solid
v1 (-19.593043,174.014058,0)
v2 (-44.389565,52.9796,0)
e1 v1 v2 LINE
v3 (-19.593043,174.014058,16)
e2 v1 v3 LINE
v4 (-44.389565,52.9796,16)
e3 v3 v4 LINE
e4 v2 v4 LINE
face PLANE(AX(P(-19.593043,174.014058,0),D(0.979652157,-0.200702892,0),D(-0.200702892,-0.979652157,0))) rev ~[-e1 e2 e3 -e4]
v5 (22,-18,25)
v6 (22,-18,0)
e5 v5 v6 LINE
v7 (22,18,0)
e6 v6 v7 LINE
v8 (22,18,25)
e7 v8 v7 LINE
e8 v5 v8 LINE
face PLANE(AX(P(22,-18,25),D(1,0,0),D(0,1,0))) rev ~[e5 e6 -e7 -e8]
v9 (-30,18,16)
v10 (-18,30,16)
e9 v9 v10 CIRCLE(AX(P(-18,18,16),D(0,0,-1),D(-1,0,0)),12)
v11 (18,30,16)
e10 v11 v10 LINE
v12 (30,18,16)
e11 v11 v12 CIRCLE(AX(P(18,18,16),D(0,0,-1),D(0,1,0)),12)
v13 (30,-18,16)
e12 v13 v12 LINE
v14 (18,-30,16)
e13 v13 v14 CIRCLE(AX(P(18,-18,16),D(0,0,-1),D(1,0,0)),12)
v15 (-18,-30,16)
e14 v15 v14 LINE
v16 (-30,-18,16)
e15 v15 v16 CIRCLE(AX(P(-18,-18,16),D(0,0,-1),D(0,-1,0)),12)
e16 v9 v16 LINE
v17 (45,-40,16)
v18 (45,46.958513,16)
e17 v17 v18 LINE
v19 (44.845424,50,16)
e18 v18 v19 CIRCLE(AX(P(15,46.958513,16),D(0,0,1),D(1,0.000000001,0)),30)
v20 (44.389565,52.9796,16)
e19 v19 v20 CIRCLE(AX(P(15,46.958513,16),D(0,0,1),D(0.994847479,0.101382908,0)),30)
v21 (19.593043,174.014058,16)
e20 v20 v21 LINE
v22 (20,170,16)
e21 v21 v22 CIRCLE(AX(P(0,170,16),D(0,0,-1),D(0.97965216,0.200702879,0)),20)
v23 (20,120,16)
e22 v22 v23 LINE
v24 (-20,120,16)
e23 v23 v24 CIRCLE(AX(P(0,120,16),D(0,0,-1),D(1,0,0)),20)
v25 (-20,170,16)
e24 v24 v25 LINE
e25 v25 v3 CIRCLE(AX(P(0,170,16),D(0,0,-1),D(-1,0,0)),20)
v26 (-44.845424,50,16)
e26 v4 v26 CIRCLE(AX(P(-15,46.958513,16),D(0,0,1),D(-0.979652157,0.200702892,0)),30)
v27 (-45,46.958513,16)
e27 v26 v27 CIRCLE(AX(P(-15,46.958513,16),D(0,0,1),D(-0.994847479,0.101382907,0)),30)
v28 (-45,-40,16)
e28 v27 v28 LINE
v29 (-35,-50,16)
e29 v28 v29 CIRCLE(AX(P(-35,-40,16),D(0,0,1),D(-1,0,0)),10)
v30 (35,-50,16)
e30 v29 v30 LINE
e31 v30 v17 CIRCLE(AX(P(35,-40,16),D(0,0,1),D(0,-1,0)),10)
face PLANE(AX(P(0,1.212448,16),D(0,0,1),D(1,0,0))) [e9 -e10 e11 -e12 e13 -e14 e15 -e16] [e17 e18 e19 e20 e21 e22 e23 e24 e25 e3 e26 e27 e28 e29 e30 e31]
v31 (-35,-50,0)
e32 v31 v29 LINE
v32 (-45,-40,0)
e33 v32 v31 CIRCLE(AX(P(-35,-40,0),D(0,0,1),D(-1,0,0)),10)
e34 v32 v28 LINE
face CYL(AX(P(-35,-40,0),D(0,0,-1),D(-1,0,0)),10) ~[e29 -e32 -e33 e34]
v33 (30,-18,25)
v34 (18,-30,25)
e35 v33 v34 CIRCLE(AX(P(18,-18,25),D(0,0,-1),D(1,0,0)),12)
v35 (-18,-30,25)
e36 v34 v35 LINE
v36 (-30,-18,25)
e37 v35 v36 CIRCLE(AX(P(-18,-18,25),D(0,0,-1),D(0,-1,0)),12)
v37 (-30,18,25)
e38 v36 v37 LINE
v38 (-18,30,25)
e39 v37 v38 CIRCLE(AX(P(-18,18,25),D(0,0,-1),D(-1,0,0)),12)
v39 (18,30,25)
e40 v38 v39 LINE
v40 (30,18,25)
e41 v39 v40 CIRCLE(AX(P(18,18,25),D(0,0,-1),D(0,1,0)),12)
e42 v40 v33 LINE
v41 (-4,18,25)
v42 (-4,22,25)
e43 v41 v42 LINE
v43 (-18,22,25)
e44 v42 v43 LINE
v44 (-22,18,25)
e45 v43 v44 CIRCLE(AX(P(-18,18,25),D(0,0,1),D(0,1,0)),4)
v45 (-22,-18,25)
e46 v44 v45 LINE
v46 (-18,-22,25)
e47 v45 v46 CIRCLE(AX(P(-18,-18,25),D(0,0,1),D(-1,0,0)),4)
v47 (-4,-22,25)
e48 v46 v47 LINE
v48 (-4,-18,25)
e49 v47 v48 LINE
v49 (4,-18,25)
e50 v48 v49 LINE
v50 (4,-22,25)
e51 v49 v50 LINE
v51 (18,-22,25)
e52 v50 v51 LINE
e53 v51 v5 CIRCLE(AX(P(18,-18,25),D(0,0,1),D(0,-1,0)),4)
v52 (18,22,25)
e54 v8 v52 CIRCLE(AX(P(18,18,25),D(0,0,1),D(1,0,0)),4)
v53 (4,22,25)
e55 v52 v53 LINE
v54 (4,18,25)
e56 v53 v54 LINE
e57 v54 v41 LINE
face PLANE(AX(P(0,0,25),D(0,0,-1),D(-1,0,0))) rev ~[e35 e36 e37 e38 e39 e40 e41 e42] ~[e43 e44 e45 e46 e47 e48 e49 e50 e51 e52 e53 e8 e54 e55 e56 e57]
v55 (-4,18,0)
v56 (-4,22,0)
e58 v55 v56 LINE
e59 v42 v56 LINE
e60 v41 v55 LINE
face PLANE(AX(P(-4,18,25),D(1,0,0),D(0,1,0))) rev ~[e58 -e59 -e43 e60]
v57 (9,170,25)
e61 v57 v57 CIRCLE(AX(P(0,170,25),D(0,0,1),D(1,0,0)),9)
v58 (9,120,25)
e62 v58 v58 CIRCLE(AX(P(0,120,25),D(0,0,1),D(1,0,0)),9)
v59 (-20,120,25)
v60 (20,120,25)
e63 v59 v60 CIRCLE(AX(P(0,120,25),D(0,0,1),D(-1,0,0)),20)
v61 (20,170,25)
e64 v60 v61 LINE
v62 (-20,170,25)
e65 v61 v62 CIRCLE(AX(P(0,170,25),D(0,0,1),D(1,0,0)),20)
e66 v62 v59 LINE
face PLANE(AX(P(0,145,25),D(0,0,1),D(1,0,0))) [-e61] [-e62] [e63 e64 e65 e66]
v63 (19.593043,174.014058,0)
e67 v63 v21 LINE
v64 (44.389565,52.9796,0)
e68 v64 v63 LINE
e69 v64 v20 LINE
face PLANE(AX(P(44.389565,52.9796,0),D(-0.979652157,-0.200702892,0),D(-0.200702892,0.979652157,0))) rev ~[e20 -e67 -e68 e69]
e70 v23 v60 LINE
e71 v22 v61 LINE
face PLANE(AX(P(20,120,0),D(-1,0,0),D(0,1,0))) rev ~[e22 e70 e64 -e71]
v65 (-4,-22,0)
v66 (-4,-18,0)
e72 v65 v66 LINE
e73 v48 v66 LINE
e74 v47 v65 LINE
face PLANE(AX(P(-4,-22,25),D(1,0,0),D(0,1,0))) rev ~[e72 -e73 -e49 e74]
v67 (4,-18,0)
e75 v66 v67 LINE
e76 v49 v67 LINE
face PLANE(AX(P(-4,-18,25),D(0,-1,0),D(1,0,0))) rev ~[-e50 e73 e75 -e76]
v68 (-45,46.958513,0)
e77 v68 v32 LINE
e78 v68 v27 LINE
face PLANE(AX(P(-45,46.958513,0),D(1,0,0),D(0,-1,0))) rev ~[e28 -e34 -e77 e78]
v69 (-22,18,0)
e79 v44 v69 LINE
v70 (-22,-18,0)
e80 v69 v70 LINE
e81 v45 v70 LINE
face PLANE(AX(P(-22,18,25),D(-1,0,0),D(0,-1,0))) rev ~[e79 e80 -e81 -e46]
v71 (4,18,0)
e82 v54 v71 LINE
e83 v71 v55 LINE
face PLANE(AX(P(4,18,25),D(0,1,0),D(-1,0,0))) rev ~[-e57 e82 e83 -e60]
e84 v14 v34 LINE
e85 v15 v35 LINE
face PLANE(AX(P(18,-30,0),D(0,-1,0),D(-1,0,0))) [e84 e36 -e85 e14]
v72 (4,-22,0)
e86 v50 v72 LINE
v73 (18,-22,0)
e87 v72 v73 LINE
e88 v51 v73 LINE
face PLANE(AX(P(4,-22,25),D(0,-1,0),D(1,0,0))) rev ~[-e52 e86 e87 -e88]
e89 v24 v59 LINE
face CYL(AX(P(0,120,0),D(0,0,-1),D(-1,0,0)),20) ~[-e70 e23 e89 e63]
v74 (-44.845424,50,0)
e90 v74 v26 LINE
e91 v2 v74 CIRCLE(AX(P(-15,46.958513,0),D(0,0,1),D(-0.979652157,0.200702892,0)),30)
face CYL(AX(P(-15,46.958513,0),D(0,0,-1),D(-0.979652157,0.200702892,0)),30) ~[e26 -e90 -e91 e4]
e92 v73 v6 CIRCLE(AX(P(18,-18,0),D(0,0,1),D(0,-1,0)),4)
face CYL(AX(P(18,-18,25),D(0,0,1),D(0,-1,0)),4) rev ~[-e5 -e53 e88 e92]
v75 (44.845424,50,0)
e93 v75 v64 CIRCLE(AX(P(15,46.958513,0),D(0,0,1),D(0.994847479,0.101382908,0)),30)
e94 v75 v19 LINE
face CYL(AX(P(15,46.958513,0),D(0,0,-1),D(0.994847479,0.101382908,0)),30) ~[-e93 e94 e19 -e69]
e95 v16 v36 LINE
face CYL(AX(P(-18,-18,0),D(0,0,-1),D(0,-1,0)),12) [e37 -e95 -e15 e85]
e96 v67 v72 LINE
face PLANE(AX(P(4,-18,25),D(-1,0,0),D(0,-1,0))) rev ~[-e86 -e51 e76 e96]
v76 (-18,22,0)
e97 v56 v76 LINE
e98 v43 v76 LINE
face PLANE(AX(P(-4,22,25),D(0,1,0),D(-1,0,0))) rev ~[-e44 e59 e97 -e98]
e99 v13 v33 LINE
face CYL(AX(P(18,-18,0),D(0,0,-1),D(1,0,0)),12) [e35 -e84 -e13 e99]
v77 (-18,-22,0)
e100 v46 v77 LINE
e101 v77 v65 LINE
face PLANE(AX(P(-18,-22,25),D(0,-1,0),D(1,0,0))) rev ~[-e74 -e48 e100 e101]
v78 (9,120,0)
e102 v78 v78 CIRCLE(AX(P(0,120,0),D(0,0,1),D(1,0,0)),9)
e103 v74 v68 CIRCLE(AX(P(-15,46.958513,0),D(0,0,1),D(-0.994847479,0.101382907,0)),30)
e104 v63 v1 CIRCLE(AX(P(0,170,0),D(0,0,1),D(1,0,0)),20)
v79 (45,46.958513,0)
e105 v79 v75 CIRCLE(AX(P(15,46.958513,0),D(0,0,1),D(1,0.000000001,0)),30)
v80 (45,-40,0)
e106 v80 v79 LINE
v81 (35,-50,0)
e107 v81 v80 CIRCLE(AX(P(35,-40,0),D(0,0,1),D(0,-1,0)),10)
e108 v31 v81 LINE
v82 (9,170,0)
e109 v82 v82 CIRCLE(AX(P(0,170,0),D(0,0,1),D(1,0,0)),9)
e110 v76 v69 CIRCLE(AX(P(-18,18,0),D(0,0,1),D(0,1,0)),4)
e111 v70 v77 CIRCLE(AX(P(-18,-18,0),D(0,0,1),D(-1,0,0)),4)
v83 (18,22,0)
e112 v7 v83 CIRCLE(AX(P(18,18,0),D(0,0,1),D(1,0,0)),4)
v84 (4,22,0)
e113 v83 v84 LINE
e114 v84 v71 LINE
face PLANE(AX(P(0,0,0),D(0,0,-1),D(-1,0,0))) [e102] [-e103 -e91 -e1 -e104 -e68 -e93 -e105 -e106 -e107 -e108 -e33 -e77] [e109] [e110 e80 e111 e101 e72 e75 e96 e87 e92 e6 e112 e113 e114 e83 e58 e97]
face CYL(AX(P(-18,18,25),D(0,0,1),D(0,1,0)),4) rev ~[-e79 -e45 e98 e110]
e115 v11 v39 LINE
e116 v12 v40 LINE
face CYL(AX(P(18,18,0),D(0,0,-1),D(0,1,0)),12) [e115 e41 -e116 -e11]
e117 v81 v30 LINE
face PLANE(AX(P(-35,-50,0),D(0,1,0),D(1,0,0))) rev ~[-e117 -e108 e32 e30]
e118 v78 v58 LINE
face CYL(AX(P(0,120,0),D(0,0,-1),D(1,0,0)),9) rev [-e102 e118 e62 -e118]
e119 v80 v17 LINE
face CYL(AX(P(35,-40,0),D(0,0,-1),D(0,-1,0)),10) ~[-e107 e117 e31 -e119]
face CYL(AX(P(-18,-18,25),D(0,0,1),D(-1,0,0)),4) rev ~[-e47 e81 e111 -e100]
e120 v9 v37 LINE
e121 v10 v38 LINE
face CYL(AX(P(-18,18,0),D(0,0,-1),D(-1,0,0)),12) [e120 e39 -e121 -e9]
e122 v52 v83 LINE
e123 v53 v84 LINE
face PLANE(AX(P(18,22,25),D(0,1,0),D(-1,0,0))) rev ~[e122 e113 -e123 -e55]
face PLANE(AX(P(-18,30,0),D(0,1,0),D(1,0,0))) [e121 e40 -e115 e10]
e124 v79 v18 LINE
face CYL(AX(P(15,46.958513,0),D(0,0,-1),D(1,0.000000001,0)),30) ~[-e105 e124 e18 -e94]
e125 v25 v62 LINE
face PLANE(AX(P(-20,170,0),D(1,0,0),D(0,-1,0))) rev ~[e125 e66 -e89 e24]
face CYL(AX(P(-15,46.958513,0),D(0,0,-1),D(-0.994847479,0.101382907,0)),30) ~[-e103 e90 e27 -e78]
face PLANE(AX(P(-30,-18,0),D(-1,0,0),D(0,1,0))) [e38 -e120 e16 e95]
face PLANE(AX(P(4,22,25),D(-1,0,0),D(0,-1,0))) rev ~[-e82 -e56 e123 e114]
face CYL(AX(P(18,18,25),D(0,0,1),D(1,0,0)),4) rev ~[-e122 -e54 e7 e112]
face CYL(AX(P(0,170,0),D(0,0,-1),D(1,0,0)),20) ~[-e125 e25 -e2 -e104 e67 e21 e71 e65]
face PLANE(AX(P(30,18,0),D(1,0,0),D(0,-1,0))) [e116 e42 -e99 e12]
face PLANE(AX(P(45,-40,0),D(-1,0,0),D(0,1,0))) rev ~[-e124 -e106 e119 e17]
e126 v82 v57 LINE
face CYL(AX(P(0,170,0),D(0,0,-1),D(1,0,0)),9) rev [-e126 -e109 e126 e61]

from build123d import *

# Parameters (mm, degrees)
EXTRUDE_1_DEPTH     = 16
SKETCH_1_3_R        = 9
EXTRUDE_2_DEPTH     = 25
EXTRUDE_3_DEPTH     = 25
CUT_EXTRUDE_1_DEPTH = 25


with BuildPart() as part:
    # 草图1 → 凸台-拉伸1 (new body)
    with BuildSketch(Plane.XY):
        with BuildLine():
            Line((-35, -50), (35, -50))
            ThreePointArc((35, -50), (42.071067812, -47.071067812), (45, -40))
            Line((45, -40), (45, 46.958512764))
            ThreePointArc((45, 46.958512764), (44.847001034, 49.98448852), (44.389564715, 52.979599532))
            Line((44.389564715, 52.979599532), (19.593043195, 174.014057595))
            ThreePointArc((19.593043195, 174.014057595), (19.898000702, 172.017317043), (20, 170))
            Line((20, 170), (20, 120))
            ThreePointArc((20, 120), (0, 100), (-20, 120))
            Line((-20, 120), (-20, 170))
            ThreePointArc((-20, 170), (-19.898000688, 172.017317185), (-19.593043138, 174.014057873))
            Line((-19.593043138, 174.014057873), (-44.389564715, 52.979599532))
            ThreePointArc((-44.389564715, 52.979599532), (-44.847001034, 49.98448852), (-45, 46.958512764))
            Line((-45, 46.958512764), (-45, -40))
            ThreePointArc((-45, -40), (-42.071067812, -47.071067812), (-35, -50))
        make_face()
    extrude(amount=EXTRUDE_1_DEPTH)

    # 草图1<3> → 凸台-拉伸2 (add)
    with BuildSketch(Plane.XY):
        with BuildLine():
            ThreePointArc((20, 170), (19.898000702, 172.017317043), (19.593043195, 174.014057595))
            ThreePointArc((19.593043195, 174.014057595), (1.42e-07, 190), (-19.593043138, 174.014057873))
            ThreePointArc((-19.593043138, 174.014057873), (-19.898000688, 172.017317185), (-20, 170))
            Line((-20, 170), (-20, 120))
            ThreePointArc((-20, 120), (0, 100), (20, 120))
            Line((20, 120), (20, 170))
        make_face()
        with Locations((0, 120)):
            Circle(SKETCH_1_3_R, mode=Mode.SUBTRACT)
        with Locations((0, 170)):
            Circle(SKETCH_1_3_R, mode=Mode.SUBTRACT)
    extrude(amount=EXTRUDE_2_DEPTH)

    # 草图2 → 凸台-拉伸3 (add)
    with BuildSketch(Plane.XY):
        with BuildLine():
            Line((18, -30), (-18, -30))
            ThreePointArc((-18, -30), (-26.485281374, -26.485281374), (-30, -18))
            Line((-30, -18), (-30, 18))
            ThreePointArc((-30, 18), (-26.485281374, 26.485281374), (-18, 30))
            Line((-18, 30), (18, 30))
            ThreePointArc((18, 30), (26.485281374, 26.485281374), (30, 18))
            Line((30, 18), (30, -18))
            ThreePointArc((30, -18), (26.485281374, -26.485281374), (18, -30))
        make_face()
    extrude(amount=EXTRUDE_3_DEPTH)

    # 草图3 → 切除-拉伸1 (cut)
    with BuildSketch(Plane.XY.offset(25)):
        with BuildLine():
            Line((-4, 22), (-18, 22))
            ThreePointArc((-18, 22), (-20.828427125, 20.828427125), (-22, 18))
            Line((-22, 18), (-22, -18))
            ThreePointArc((-22, -18), (-20.828427125, -20.828427125), (-18, -22))
            Line((-18, -22), (-4, -22))
            Line((-4, -22), (-4, -18))
            Line((-4, -18), (4, -18))
            Line((4, -18), (4, -22))
            Line((4, -22), (18, -22))
            ThreePointArc((18, -22), (20.828427125, -20.828427125), (22, -18))
            Line((22, -18), (22, 18))
            ThreePointArc((22, 18), (20.828427125, 20.828427125), (18, 22))
            Line((18, 22), (4, 22))
            Line((4, 22), (4, 18))
            Line((4, 18), (-4, 18))
            Line((-4, 18), (-4, 22))
        make_face()
    extrude(amount=-CUT_EXTRUDE_1_DEPTH, mode=Mode.SUBTRACT)


solid = part.part
